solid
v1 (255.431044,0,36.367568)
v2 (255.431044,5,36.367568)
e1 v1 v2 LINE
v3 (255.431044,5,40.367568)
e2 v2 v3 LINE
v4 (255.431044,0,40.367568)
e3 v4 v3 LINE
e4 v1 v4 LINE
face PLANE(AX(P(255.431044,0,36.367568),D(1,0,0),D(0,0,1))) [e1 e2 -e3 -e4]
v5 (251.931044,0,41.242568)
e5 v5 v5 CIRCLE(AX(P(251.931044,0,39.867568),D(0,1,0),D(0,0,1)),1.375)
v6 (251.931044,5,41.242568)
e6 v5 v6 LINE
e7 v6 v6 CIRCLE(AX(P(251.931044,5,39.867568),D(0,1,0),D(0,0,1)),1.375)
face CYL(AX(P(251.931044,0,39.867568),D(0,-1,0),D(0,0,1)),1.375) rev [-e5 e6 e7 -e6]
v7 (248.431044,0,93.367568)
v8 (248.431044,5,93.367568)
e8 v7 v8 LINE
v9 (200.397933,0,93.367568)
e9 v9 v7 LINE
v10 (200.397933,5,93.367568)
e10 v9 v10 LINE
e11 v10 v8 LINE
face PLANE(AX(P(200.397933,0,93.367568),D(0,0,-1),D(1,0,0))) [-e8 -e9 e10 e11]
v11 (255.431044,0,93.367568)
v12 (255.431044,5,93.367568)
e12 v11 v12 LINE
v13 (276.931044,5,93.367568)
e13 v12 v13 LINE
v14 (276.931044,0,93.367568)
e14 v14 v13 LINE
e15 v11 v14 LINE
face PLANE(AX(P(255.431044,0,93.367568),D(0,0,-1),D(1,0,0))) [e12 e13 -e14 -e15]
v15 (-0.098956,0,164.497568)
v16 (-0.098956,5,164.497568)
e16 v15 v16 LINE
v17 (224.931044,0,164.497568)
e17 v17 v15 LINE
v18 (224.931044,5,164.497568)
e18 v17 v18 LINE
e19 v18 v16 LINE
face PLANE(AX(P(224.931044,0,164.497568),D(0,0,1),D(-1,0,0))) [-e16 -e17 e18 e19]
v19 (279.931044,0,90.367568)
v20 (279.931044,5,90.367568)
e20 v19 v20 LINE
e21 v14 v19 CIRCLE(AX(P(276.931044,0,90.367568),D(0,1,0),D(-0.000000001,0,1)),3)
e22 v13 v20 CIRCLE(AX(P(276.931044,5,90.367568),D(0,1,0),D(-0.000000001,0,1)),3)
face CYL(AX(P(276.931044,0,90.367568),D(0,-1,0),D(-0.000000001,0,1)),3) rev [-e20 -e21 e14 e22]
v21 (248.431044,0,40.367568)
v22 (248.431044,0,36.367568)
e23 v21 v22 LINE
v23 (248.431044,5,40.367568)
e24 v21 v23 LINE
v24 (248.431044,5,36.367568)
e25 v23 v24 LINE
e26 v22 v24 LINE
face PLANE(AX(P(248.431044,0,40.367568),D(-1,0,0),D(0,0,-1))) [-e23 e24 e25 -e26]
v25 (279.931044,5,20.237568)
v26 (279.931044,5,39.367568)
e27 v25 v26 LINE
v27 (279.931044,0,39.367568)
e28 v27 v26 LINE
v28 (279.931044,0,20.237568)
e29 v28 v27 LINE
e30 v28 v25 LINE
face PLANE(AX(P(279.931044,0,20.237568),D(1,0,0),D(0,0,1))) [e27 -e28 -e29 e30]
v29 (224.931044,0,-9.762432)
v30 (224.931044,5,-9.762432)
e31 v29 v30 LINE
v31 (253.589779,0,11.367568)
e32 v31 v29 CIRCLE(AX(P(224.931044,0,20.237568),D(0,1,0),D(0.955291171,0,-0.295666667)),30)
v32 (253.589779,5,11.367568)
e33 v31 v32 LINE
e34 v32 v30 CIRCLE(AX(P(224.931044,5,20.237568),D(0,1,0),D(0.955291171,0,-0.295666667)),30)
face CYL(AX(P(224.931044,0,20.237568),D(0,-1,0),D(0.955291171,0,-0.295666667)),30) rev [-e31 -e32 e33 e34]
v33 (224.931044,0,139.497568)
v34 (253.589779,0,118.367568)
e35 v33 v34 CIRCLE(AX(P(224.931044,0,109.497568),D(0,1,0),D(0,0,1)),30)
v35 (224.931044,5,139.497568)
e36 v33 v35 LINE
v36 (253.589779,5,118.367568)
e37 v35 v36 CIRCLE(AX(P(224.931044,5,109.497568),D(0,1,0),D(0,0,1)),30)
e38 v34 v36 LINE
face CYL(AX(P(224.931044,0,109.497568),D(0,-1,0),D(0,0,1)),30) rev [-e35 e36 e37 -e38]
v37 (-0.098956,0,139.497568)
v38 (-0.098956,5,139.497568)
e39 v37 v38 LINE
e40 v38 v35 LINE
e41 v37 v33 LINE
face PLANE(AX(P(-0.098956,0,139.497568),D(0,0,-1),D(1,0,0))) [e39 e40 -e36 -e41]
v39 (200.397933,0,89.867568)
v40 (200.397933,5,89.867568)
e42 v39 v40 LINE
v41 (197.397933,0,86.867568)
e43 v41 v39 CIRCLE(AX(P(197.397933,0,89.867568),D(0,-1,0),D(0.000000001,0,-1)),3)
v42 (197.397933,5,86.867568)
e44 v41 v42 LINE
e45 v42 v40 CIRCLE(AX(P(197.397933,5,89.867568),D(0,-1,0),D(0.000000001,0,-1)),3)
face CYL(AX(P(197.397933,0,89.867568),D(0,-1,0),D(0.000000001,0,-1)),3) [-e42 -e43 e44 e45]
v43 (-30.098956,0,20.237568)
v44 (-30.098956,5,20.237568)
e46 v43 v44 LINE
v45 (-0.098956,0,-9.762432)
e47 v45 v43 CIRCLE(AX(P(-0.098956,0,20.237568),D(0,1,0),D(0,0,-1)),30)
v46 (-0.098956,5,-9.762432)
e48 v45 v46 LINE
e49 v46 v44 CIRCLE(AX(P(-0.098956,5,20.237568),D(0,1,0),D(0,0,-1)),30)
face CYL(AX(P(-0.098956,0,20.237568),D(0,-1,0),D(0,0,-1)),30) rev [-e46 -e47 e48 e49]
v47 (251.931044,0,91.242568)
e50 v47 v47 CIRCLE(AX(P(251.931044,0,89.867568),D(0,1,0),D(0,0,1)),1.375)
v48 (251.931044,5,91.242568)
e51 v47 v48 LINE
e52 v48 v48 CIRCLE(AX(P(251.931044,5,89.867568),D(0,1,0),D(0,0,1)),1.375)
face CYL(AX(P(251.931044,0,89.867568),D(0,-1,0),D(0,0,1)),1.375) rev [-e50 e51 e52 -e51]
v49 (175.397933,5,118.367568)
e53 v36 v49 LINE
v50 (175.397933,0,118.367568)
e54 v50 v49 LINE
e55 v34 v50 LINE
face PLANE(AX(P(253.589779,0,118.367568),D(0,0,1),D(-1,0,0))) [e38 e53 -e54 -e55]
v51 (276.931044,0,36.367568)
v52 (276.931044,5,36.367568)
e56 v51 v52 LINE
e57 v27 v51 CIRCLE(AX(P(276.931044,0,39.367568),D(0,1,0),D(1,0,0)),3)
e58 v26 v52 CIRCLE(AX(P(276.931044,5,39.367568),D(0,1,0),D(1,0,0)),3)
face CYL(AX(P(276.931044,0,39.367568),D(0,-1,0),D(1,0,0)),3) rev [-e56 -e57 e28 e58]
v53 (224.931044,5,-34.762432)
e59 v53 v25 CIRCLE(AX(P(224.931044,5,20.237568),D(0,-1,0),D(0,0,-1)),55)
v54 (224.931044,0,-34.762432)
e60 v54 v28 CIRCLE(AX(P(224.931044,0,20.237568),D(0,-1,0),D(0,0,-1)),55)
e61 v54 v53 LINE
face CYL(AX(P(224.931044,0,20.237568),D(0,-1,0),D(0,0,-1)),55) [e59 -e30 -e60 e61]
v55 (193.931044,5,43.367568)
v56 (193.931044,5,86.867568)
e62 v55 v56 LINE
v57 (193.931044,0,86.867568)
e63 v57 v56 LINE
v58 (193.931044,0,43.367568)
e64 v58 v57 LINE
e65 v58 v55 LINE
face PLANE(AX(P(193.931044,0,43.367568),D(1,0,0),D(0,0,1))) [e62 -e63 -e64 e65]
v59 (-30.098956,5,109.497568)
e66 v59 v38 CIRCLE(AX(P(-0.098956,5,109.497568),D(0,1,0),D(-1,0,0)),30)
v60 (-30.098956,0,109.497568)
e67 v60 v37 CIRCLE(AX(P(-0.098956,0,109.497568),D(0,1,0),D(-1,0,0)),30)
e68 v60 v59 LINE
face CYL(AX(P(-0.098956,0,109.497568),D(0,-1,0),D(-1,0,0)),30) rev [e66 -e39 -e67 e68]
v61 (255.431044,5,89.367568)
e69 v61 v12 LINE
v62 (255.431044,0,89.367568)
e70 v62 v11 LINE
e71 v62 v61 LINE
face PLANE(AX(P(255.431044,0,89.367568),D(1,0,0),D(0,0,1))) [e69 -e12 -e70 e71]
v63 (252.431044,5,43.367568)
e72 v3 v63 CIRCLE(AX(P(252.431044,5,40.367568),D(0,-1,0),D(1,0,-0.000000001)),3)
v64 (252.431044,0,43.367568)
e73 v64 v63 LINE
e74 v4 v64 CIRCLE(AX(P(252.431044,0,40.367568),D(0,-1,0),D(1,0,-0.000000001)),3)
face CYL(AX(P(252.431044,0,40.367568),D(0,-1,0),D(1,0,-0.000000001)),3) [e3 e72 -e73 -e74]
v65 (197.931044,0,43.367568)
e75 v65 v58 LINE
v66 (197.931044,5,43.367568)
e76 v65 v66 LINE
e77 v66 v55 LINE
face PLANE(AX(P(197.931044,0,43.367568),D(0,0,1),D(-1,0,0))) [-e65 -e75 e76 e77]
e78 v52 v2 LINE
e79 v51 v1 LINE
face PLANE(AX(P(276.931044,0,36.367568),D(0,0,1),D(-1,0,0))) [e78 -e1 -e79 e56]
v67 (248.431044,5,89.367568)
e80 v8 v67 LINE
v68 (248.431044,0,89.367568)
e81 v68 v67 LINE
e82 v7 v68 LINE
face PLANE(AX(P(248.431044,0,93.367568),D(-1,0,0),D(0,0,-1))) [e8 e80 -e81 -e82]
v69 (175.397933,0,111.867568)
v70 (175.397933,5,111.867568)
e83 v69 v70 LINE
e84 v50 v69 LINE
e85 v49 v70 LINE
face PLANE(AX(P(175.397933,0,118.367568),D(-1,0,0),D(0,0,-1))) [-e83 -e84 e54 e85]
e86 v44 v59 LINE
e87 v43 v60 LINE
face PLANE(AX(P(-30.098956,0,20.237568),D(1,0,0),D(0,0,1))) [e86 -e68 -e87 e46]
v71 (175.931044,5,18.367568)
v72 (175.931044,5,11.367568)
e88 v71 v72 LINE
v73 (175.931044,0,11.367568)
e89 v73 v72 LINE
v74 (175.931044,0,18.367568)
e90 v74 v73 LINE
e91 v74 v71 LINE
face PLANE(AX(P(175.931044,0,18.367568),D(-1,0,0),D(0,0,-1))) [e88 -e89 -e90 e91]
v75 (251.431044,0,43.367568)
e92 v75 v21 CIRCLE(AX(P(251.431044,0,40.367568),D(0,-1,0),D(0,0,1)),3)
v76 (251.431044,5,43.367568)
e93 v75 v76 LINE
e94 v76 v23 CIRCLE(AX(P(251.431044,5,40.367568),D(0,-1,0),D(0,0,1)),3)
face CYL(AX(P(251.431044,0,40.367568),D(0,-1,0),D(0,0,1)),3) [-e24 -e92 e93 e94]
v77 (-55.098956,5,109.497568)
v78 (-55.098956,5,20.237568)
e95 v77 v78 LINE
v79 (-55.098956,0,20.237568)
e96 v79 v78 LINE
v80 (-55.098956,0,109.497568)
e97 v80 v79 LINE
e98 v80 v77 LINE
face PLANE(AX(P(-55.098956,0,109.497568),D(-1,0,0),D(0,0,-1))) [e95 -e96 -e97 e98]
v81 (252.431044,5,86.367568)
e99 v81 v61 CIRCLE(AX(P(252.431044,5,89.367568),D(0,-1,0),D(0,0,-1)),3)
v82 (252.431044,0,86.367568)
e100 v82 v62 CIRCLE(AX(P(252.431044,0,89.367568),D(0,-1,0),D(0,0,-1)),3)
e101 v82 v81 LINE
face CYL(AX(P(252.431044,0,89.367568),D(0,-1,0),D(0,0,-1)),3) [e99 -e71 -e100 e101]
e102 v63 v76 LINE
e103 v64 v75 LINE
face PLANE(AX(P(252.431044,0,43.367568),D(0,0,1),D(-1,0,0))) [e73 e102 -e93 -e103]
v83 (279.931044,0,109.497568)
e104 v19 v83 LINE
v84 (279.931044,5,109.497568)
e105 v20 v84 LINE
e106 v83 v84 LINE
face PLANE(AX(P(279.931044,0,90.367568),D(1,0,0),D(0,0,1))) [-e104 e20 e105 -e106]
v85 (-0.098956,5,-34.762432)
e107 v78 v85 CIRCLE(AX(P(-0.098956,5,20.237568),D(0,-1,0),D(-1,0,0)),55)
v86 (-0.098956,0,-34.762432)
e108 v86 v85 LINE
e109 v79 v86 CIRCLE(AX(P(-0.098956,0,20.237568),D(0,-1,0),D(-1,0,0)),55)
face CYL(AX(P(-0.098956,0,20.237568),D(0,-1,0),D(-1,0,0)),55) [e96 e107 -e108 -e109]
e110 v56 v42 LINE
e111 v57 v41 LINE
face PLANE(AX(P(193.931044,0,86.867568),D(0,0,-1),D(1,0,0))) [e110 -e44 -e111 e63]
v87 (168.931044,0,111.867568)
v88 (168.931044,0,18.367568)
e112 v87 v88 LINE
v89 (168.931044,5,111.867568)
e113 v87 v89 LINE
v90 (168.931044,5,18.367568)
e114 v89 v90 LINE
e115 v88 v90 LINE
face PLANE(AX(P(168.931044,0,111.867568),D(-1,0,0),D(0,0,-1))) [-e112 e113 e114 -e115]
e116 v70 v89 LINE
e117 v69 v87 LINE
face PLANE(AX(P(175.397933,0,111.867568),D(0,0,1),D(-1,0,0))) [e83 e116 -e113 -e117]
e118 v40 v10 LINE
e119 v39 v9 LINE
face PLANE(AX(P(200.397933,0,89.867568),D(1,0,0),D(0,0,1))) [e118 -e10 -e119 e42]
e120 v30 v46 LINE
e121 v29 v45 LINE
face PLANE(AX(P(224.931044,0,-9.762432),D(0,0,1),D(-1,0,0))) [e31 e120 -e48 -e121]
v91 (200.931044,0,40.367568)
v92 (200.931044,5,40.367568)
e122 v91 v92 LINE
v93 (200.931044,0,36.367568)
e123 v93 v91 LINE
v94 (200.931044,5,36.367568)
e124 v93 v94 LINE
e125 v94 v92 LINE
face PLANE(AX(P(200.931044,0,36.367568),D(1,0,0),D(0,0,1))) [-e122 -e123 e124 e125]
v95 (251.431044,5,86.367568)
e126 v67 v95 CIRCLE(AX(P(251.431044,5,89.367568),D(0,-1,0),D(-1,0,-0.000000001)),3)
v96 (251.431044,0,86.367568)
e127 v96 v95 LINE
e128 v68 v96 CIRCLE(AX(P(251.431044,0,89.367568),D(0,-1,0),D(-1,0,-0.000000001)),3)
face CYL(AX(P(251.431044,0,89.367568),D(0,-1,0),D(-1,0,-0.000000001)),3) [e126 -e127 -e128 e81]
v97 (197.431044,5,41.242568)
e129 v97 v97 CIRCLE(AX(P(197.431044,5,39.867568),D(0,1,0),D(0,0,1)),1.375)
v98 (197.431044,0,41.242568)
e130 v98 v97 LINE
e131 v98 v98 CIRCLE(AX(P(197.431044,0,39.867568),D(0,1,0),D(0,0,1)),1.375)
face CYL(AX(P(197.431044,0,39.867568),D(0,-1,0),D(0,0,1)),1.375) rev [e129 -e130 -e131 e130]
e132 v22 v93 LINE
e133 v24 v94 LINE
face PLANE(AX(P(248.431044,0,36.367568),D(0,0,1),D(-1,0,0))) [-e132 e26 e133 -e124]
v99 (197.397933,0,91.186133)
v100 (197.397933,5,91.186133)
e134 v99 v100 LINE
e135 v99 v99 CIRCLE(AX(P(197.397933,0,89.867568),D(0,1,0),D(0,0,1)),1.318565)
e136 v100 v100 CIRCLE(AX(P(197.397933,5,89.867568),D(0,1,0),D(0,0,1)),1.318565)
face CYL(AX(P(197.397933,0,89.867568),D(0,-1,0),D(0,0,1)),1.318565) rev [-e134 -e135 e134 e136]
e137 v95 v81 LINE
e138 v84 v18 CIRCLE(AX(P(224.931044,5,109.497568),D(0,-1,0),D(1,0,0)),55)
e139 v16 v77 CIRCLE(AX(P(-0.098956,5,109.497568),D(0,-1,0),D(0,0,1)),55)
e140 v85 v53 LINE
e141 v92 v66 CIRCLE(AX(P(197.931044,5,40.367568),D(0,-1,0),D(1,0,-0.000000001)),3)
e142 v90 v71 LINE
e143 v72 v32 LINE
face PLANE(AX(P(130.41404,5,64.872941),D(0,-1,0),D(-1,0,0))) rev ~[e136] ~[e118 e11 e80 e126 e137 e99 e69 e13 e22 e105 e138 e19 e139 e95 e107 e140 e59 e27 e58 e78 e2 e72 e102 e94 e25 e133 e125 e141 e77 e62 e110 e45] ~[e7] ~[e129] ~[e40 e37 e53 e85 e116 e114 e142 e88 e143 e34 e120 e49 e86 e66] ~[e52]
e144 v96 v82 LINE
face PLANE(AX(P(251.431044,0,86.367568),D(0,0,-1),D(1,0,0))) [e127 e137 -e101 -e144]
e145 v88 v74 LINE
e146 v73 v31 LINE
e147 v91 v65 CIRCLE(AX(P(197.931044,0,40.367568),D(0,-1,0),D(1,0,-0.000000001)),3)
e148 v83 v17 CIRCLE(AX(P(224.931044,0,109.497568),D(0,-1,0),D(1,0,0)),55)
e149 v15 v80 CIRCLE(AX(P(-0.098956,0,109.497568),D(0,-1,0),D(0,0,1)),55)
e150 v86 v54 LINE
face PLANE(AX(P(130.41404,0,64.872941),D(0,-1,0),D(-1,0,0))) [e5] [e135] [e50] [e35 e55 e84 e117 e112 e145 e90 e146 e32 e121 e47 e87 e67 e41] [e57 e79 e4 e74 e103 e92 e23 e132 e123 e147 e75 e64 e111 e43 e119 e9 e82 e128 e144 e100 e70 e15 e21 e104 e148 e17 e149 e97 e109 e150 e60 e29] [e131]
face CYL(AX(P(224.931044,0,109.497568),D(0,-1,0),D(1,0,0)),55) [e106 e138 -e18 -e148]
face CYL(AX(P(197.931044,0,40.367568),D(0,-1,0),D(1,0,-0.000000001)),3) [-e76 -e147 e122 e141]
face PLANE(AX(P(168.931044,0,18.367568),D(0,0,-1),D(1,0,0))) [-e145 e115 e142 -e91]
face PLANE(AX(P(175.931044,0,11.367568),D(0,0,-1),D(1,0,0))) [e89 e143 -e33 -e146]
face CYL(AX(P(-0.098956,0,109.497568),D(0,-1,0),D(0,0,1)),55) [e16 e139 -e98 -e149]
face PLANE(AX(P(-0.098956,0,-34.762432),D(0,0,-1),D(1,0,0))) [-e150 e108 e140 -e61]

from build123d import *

# Parameters (mm, degrees)
SKETCH1_R           = 1.375
SKETCH1_R_2         = 1.318565094
BOSS_EXTRUDE1_DEPTH = 5


with BuildPart() as part:
    # Sketch1 → Boss-Extrude1 (new body)
    with BuildSketch(Plane(origin=(0, 0, 0), x_dir=(1, 0, 0), z_dir=(0, 1, 0))):
        with BuildLine():
            Line((279.931043908, -90.367567702), (279.931043908, -109.497567702))
            ThreePointArc((279.931043908, -109.497567702), (263.821916873, -148.388440667), (224.931043908, -164.497567702))
            Line((224.931043908, -164.497567702), (-0.098956092, -164.497567702))
            ThreePointArc((-0.098956092, -164.497567702), (-38.989829057, -148.388440667), (-55.098956092, -109.497567702))
            Line((-55.098956092, -109.497567702), (-55.098956092, -20.237567702))
            ThreePointArc((-55.098956092, -20.237567702), (-38.989829057, 18.653305263), (-0.098956092, 34.762432298))
            Line((-0.098956092, 34.762432298), (224.931043908, 34.762432298))
            ThreePointArc((224.931043908, 34.762432298), (263.821916873, 18.653305263), (279.931043908, -20.237567702))
            Line((279.931043908, -20.237567702), (279.931043908, -39.367567702))
            ThreePointArc((279.931043908, -39.367567702), (279.052364252, -37.246247359), (276.931043908, -36.367567702))
            Line((276.931043908, -36.367567702), (255.431043908, -36.367567702))
            Line((255.431043908, -36.367567702), (255.431043908, -40.367567702))
            ThreePointArc((255.431043908, -40.367567702), (254.552364252, -42.488888046), (252.431043908, -43.367567702))
            Line((252.431043908, -43.367567702), (251.431043908, -43.367567702))
            ThreePointArc((251.431043908, -43.367567702), (249.309723565, -42.488888046), (248.431043908, -40.367567702))
            Line((248.431043908, -40.367567702), (248.431043908, -36.367567702))
            Line((248.431043908, -36.367567702), (200.931043908, -36.367567702))
            Line((200.931043908, -36.367567702), (200.931043908, -40.367567702))
            ThreePointArc((200.931043908, -40.367567702), (200.052364252, -42.488888046), (197.931043908, -43.367567702))
            Line((197.931043908, -43.367567702), (193.931043908, -43.367567702))
            Line((193.931043908, -43.367567702), (193.931043908, -86.867567702))
            Line((193.931043908, -86.867567702), (197.397932751, -86.867567702))
            ThreePointArc((197.397932751, -86.867567702), (199.519253094, -87.746247359), (200.397932751, -89.867567702))
            Line((200.397932751, -89.867567702), (200.397932751, -93.367567702))
            Line((200.397932751, -93.367567702), (248.431043908, -93.367567702))
            Line((248.431043908, -93.367567702), (248.431043908, -89.367567702))
            ThreePointArc((248.431043908, -89.367567702), (249.309723565, -87.246247359), (251.431043908, -86.367567702))
            Line((251.431043908, -86.367567702), (252.431043908, -86.367567702))
            ThreePointArc((252.431043908, -86.367567702), (254.552364252, -87.246247359), (255.431043908, -89.367567702))
            Line((255.431043908, -89.367567702), (255.431043908, -93.367567702))
            Line((255.431043908, -93.367567702), (276.931043908, -93.367567702))
            ThreePointArc((276.931043908, -93.367567702), (279.052364252, -92.488888046), (279.931043908, -90.367567702))
        make_face()
        with Locations(Location((251.931043908, -39.867567702, 0), (0, 0, 270))):
            Circle(SKETCH1_R, mode=Mode.SUBTRACT)
        with Locations(Location((251.931043908, -89.867567702, 0), (0, 0, 270))):
            Circle(SKETCH1_R, mode=Mode.SUBTRACT)
        with Locations(Location((197.397932751, -89.867567702, 0), (0, 0, 270))):
            Circle(SKETCH1_R_2, mode=Mode.SUBTRACT)
        with Locations(Location((197.431043908, -39.867567702, 0), (0, 0, 270))):
            Circle(SKETCH1_R, mode=Mode.SUBTRACT)
        with BuildLine():
            Line((-0.098956092, -139.497567702), (224.931043908, -139.497567702))
            ThreePointArc((224.931043908, -139.497567702), (242.734133528, -133.643996009), (253.589779051, -118.367567702))
            Line((253.589779051, -118.367567702), (251.931043908, -118.367567702))
            Line((251.931043908, -118.367567702), (175.397932751, -118.367567702))
            Line((175.397932751, -118.367567702), (175.397932751, -111.867567702))
            Line((175.397932751, -111.867567702), (168.931043908, -111.867567702))
            Line((168.931043908, -111.867567702), (168.931043908, -18.367567702))
            Line((168.931043908, -18.367567702), (175.931043908, -18.367567702))
            Line((175.931043908, -18.367567702), (175.931043908, -11.367567702))
            Line((175.931043908, -11.367567702), (251.931043908, -11.367567702))
            Line((251.931043908, -11.367567702), (253.589779051, -11.367567702))
            ThreePointArc((253.589779051, -11.367567702), (242.734133528, 3.908860605), (224.931043908, 9.762432298))
            Line((224.931043908, 9.762432298), (-0.098956092, 9.762432298))
            ThreePointArc((-0.098956092, 9.762432298), (-21.312159527, 0.975635734), (-30.098956092, -20.237567702))
            Line((-30.098956092, -20.237567702), (-30.098956092, -109.497567702))
            ThreePointArc((-30.098956092, -109.497567702), (-21.312159527, -130.710771138), (-0.098956092, -139.497567702))
        make_face(mode=Mode.SUBTRACT)
    extrude(amount=BOSS_EXTRUDE1_DEPTH)


solid = part.part
